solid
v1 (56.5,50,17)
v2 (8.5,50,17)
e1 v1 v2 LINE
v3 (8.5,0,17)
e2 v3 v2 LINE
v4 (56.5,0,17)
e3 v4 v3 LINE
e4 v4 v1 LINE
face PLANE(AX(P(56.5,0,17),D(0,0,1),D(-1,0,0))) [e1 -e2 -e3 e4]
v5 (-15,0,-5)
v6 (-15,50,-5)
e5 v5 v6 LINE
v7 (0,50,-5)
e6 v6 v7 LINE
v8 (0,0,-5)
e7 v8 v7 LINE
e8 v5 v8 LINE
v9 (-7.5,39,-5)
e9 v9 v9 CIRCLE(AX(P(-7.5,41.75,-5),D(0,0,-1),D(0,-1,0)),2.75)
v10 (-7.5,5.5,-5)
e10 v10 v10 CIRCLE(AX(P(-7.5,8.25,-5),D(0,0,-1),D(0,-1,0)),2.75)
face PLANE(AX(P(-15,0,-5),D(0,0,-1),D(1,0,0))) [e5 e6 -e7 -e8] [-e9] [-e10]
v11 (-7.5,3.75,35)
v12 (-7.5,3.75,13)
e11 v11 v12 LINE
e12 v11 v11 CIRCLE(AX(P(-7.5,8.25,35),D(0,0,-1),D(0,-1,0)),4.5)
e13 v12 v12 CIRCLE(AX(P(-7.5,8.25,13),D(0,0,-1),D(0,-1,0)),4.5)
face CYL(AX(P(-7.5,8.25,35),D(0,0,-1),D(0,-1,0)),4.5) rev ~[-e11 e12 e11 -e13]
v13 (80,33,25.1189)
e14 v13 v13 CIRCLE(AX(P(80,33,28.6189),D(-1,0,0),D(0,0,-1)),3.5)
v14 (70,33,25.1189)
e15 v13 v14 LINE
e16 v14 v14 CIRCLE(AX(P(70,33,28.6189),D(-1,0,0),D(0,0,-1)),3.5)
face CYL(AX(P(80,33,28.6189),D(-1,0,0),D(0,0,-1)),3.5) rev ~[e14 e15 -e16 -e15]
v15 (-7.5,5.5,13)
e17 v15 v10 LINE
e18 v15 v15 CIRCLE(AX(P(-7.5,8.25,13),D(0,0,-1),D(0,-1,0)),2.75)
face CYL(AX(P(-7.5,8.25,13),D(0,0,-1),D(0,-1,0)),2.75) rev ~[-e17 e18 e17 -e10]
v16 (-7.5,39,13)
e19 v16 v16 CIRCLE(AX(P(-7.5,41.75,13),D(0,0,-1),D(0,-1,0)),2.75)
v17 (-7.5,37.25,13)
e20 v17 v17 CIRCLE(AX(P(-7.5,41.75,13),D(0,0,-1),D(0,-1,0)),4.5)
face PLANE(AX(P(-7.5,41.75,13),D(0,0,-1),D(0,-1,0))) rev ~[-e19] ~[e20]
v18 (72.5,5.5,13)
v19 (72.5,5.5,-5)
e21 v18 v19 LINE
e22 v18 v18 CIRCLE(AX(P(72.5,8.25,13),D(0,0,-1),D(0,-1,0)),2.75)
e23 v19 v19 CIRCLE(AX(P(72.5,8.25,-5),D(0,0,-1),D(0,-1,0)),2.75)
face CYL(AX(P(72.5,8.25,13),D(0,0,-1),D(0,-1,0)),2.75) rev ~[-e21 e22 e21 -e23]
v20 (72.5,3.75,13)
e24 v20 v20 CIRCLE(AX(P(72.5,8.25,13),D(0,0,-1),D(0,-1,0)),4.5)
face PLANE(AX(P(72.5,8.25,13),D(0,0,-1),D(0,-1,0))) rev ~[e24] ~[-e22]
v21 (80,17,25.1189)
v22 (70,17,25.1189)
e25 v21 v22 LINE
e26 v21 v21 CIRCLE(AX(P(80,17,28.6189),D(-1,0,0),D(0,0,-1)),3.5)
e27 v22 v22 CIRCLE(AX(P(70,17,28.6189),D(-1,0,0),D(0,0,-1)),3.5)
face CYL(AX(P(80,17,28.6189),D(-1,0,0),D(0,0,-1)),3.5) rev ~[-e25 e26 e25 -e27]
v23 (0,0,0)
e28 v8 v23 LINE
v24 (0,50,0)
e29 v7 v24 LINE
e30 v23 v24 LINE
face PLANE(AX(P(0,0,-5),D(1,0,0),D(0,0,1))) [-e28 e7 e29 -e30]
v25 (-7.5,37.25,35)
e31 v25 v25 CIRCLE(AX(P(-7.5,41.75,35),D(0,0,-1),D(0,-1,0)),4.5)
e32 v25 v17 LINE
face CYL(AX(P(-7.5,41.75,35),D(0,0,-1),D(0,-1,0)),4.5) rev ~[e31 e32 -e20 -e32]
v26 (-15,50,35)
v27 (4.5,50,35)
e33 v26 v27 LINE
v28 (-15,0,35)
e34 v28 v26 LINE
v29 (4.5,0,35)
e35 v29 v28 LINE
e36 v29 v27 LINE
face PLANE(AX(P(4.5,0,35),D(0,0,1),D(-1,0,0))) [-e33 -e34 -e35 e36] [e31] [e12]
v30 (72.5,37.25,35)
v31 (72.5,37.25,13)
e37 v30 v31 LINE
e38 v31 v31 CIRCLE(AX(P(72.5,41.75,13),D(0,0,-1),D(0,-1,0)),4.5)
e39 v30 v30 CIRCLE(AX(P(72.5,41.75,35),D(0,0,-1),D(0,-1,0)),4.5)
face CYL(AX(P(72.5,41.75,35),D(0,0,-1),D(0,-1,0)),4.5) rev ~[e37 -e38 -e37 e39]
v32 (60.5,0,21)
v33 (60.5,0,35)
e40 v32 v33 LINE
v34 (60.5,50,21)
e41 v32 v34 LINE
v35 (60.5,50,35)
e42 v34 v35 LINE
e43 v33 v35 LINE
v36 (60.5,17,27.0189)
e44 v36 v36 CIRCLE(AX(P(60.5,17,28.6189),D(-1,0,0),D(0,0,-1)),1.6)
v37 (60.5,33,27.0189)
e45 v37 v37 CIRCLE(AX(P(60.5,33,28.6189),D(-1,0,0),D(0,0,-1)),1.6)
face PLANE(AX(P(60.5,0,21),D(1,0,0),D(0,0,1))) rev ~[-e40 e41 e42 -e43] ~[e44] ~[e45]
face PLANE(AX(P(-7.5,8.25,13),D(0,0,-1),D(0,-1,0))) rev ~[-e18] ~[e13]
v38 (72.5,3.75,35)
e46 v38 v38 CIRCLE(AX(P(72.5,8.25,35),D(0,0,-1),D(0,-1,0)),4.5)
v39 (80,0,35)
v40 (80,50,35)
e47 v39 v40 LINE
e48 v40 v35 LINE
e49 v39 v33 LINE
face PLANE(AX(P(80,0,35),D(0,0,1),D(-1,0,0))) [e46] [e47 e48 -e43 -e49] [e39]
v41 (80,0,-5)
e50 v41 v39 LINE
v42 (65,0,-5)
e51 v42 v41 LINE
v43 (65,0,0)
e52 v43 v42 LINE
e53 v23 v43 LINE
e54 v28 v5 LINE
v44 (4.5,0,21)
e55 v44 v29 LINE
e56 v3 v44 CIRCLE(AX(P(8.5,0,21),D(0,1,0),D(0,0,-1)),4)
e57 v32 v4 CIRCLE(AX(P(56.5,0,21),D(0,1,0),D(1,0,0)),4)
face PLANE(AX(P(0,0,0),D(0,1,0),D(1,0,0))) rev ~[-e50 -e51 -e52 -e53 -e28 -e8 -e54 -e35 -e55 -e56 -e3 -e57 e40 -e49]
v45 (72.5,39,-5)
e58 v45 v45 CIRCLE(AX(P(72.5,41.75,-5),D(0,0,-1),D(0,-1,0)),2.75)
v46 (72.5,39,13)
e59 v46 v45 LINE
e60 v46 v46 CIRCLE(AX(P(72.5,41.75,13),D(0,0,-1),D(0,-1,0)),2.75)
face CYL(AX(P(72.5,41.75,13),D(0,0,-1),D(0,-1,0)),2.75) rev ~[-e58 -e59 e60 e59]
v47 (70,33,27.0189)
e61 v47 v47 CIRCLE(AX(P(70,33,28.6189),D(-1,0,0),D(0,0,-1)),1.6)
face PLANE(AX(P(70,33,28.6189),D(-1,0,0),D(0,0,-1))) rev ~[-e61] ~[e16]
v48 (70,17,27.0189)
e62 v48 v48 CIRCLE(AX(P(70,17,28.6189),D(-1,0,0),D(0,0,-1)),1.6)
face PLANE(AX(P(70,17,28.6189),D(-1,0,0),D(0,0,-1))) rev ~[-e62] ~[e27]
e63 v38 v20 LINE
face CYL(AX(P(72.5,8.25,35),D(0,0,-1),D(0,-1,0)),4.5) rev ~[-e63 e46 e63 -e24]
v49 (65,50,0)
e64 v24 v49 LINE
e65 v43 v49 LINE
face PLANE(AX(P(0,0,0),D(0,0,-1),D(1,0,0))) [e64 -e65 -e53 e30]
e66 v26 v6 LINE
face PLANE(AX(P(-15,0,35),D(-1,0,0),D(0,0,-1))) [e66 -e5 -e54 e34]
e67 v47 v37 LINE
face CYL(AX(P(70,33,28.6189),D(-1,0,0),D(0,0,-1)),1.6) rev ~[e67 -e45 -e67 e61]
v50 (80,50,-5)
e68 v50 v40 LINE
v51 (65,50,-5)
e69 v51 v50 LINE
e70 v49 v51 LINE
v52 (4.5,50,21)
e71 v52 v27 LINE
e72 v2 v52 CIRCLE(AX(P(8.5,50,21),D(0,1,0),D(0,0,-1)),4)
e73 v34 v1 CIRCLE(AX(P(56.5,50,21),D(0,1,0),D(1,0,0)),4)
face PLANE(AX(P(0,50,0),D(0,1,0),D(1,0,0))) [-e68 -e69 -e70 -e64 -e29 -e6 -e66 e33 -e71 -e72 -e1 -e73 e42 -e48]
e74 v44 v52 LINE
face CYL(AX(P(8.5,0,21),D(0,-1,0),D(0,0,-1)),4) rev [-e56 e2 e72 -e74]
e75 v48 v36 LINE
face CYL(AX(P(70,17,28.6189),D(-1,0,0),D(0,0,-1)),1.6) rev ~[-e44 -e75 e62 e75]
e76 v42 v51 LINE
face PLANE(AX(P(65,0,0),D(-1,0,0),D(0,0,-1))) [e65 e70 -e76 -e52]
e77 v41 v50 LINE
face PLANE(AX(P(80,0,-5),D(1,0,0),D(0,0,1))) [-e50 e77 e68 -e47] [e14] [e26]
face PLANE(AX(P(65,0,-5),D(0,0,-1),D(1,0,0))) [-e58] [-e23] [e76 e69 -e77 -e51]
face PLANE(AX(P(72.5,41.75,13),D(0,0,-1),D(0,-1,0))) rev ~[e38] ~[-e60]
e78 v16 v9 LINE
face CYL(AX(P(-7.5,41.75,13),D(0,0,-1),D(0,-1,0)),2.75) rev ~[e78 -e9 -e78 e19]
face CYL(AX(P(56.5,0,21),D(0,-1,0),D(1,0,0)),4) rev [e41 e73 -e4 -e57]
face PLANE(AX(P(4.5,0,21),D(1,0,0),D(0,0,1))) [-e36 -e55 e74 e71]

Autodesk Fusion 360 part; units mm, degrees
sketch "Sketch1" plane through (0, 0, 0) normal (0, 1, 0) x (1, 0, 0)
  line L0 (0, 0) -> (65, 0)
  line L1 (65, 0) -> (65, 5)
  line L2 (65, 5) -> (80, 5)
  line L3 (80, 5) -> (80, -35)
  line L4 (80, -35) -> (0, -35)
  line L5 (0, -35) -> (-15, -35)
  line L6 (-15, -35) -> (-15, 5)
  line L7 (-15, 5) -> (0, 5)
  line L8 (0, 5) -> (0, 0)
  line L9 (32.5, 0) -> (32.5, -35) construction
  line L10 (32.5, 0) -> (4.5, 0) construction
  line L11 (32.5, 0) -> (60.5, 0) construction
  line L12 (60.5, 0) -> (60.5, -17) construction
  line L13 (56.5, -17) -> (8.5, -17)
  line L14 (4.5, -21) -> (4.5, -35)
  line L15 (60.5, -21) -> (60.5, -35)
  arc A0 (8.5, -17) -> (4.5, -21) centre (8.5, -21) ccw
  arc A1 (60.5, -21) -> (56.5, -17) centre (56.5, -21) ccw
  point P0 (4.5, -17)
  dimension "d1" = 65
  dimension "d2" = 28
  dimension "d3" = 28
  dimension "d4" = 17
  dimension "d5" = 56
  dimension "d6" = 4
  dimension "d7" = 4
extrude "Extrude1" add sketch "Sketch1" along normal blind 50 contours L0 L1 L2 L3 L4 L5 L6 L7 L8 L13 L14 L15 A0 A1
sketch "Sketch2" plane through (0, 0, 35) normal (0, 0, 1) x (1, 0, 0)
  line L0 (-15, 0) -> (4.5, 0)
  line L1 (4.5, 0) -> (4.5, 50)
  line L2 (4.5, 50) -> (-15, 50)
  line L3 (-15, 50) -> (-15, 0)
  line L4 (-15, 25) -> (80, 25) construction
  line L5 (32.5, 0.0866) -> (32.5, 50) construction
  line L6 (32.5, 25) -> (72.5, 25) construction
  line L7 (72.5, 25) -> (72.5, 41.75) construction
  line L8 (72.5, 25) -> (72.5, 8.25) construction
  line L9 (72.5, 41.75) -> (-7.5, 41.75) construction
  line L10 (72.5, 8.25) -> (-7.5, 8.25) construction
  point P0 (-7.5, 41.75)
  point P1 (72.5, 41.75)
  point P2 (72.5, 8.25)
  point P3 (-7.5, 8.25)
  dimension "d10" = 40
  dimension "d11" = 16.75
  dimension "d12" = 16.75
  dimension "d13" = 80
  dimension "d14" = 80
hole "Hole1" at (-7.5, 41.75, 35) at (72.5, 41.75, 35) at (72.5, 8.25, 35) at (-7.5, 8.25, 35) direction (0, 0, -1) diameter 5.5 depth 40 tip angle 118 counterbore diameter 9 counterbore depth 22
sketch "Sketch3" plane through (80, 0, 0) normal (1, 0, 0) x (0, 0, -1)
  line L0 (-35, 0) -> (5, 0)
  line L1 (5, 0) -> (5, 50)
  line L2 (5, 50) -> (-35, 50)
  line L3 (-35, 50) -> (-35, 0)
  line L4 (5, 25) -> (-35, 25) construction
  line L5 (-28.6189, 25) -> (-28.6189, 33) construction
  line L6 (-28.6189, 33) -> (-28.6189, 17) construction
  point P0 (-28.6189, 33)
  point P1 (-28.6189, 17)
hole "Hole2" at (80, 17, 28.6189) at (80, 33, 28.6189) direction (-1, 0, 0) diameter 3.2 depth 40 tip angle 118 counterbore diameter 7 counterbore depth 10
